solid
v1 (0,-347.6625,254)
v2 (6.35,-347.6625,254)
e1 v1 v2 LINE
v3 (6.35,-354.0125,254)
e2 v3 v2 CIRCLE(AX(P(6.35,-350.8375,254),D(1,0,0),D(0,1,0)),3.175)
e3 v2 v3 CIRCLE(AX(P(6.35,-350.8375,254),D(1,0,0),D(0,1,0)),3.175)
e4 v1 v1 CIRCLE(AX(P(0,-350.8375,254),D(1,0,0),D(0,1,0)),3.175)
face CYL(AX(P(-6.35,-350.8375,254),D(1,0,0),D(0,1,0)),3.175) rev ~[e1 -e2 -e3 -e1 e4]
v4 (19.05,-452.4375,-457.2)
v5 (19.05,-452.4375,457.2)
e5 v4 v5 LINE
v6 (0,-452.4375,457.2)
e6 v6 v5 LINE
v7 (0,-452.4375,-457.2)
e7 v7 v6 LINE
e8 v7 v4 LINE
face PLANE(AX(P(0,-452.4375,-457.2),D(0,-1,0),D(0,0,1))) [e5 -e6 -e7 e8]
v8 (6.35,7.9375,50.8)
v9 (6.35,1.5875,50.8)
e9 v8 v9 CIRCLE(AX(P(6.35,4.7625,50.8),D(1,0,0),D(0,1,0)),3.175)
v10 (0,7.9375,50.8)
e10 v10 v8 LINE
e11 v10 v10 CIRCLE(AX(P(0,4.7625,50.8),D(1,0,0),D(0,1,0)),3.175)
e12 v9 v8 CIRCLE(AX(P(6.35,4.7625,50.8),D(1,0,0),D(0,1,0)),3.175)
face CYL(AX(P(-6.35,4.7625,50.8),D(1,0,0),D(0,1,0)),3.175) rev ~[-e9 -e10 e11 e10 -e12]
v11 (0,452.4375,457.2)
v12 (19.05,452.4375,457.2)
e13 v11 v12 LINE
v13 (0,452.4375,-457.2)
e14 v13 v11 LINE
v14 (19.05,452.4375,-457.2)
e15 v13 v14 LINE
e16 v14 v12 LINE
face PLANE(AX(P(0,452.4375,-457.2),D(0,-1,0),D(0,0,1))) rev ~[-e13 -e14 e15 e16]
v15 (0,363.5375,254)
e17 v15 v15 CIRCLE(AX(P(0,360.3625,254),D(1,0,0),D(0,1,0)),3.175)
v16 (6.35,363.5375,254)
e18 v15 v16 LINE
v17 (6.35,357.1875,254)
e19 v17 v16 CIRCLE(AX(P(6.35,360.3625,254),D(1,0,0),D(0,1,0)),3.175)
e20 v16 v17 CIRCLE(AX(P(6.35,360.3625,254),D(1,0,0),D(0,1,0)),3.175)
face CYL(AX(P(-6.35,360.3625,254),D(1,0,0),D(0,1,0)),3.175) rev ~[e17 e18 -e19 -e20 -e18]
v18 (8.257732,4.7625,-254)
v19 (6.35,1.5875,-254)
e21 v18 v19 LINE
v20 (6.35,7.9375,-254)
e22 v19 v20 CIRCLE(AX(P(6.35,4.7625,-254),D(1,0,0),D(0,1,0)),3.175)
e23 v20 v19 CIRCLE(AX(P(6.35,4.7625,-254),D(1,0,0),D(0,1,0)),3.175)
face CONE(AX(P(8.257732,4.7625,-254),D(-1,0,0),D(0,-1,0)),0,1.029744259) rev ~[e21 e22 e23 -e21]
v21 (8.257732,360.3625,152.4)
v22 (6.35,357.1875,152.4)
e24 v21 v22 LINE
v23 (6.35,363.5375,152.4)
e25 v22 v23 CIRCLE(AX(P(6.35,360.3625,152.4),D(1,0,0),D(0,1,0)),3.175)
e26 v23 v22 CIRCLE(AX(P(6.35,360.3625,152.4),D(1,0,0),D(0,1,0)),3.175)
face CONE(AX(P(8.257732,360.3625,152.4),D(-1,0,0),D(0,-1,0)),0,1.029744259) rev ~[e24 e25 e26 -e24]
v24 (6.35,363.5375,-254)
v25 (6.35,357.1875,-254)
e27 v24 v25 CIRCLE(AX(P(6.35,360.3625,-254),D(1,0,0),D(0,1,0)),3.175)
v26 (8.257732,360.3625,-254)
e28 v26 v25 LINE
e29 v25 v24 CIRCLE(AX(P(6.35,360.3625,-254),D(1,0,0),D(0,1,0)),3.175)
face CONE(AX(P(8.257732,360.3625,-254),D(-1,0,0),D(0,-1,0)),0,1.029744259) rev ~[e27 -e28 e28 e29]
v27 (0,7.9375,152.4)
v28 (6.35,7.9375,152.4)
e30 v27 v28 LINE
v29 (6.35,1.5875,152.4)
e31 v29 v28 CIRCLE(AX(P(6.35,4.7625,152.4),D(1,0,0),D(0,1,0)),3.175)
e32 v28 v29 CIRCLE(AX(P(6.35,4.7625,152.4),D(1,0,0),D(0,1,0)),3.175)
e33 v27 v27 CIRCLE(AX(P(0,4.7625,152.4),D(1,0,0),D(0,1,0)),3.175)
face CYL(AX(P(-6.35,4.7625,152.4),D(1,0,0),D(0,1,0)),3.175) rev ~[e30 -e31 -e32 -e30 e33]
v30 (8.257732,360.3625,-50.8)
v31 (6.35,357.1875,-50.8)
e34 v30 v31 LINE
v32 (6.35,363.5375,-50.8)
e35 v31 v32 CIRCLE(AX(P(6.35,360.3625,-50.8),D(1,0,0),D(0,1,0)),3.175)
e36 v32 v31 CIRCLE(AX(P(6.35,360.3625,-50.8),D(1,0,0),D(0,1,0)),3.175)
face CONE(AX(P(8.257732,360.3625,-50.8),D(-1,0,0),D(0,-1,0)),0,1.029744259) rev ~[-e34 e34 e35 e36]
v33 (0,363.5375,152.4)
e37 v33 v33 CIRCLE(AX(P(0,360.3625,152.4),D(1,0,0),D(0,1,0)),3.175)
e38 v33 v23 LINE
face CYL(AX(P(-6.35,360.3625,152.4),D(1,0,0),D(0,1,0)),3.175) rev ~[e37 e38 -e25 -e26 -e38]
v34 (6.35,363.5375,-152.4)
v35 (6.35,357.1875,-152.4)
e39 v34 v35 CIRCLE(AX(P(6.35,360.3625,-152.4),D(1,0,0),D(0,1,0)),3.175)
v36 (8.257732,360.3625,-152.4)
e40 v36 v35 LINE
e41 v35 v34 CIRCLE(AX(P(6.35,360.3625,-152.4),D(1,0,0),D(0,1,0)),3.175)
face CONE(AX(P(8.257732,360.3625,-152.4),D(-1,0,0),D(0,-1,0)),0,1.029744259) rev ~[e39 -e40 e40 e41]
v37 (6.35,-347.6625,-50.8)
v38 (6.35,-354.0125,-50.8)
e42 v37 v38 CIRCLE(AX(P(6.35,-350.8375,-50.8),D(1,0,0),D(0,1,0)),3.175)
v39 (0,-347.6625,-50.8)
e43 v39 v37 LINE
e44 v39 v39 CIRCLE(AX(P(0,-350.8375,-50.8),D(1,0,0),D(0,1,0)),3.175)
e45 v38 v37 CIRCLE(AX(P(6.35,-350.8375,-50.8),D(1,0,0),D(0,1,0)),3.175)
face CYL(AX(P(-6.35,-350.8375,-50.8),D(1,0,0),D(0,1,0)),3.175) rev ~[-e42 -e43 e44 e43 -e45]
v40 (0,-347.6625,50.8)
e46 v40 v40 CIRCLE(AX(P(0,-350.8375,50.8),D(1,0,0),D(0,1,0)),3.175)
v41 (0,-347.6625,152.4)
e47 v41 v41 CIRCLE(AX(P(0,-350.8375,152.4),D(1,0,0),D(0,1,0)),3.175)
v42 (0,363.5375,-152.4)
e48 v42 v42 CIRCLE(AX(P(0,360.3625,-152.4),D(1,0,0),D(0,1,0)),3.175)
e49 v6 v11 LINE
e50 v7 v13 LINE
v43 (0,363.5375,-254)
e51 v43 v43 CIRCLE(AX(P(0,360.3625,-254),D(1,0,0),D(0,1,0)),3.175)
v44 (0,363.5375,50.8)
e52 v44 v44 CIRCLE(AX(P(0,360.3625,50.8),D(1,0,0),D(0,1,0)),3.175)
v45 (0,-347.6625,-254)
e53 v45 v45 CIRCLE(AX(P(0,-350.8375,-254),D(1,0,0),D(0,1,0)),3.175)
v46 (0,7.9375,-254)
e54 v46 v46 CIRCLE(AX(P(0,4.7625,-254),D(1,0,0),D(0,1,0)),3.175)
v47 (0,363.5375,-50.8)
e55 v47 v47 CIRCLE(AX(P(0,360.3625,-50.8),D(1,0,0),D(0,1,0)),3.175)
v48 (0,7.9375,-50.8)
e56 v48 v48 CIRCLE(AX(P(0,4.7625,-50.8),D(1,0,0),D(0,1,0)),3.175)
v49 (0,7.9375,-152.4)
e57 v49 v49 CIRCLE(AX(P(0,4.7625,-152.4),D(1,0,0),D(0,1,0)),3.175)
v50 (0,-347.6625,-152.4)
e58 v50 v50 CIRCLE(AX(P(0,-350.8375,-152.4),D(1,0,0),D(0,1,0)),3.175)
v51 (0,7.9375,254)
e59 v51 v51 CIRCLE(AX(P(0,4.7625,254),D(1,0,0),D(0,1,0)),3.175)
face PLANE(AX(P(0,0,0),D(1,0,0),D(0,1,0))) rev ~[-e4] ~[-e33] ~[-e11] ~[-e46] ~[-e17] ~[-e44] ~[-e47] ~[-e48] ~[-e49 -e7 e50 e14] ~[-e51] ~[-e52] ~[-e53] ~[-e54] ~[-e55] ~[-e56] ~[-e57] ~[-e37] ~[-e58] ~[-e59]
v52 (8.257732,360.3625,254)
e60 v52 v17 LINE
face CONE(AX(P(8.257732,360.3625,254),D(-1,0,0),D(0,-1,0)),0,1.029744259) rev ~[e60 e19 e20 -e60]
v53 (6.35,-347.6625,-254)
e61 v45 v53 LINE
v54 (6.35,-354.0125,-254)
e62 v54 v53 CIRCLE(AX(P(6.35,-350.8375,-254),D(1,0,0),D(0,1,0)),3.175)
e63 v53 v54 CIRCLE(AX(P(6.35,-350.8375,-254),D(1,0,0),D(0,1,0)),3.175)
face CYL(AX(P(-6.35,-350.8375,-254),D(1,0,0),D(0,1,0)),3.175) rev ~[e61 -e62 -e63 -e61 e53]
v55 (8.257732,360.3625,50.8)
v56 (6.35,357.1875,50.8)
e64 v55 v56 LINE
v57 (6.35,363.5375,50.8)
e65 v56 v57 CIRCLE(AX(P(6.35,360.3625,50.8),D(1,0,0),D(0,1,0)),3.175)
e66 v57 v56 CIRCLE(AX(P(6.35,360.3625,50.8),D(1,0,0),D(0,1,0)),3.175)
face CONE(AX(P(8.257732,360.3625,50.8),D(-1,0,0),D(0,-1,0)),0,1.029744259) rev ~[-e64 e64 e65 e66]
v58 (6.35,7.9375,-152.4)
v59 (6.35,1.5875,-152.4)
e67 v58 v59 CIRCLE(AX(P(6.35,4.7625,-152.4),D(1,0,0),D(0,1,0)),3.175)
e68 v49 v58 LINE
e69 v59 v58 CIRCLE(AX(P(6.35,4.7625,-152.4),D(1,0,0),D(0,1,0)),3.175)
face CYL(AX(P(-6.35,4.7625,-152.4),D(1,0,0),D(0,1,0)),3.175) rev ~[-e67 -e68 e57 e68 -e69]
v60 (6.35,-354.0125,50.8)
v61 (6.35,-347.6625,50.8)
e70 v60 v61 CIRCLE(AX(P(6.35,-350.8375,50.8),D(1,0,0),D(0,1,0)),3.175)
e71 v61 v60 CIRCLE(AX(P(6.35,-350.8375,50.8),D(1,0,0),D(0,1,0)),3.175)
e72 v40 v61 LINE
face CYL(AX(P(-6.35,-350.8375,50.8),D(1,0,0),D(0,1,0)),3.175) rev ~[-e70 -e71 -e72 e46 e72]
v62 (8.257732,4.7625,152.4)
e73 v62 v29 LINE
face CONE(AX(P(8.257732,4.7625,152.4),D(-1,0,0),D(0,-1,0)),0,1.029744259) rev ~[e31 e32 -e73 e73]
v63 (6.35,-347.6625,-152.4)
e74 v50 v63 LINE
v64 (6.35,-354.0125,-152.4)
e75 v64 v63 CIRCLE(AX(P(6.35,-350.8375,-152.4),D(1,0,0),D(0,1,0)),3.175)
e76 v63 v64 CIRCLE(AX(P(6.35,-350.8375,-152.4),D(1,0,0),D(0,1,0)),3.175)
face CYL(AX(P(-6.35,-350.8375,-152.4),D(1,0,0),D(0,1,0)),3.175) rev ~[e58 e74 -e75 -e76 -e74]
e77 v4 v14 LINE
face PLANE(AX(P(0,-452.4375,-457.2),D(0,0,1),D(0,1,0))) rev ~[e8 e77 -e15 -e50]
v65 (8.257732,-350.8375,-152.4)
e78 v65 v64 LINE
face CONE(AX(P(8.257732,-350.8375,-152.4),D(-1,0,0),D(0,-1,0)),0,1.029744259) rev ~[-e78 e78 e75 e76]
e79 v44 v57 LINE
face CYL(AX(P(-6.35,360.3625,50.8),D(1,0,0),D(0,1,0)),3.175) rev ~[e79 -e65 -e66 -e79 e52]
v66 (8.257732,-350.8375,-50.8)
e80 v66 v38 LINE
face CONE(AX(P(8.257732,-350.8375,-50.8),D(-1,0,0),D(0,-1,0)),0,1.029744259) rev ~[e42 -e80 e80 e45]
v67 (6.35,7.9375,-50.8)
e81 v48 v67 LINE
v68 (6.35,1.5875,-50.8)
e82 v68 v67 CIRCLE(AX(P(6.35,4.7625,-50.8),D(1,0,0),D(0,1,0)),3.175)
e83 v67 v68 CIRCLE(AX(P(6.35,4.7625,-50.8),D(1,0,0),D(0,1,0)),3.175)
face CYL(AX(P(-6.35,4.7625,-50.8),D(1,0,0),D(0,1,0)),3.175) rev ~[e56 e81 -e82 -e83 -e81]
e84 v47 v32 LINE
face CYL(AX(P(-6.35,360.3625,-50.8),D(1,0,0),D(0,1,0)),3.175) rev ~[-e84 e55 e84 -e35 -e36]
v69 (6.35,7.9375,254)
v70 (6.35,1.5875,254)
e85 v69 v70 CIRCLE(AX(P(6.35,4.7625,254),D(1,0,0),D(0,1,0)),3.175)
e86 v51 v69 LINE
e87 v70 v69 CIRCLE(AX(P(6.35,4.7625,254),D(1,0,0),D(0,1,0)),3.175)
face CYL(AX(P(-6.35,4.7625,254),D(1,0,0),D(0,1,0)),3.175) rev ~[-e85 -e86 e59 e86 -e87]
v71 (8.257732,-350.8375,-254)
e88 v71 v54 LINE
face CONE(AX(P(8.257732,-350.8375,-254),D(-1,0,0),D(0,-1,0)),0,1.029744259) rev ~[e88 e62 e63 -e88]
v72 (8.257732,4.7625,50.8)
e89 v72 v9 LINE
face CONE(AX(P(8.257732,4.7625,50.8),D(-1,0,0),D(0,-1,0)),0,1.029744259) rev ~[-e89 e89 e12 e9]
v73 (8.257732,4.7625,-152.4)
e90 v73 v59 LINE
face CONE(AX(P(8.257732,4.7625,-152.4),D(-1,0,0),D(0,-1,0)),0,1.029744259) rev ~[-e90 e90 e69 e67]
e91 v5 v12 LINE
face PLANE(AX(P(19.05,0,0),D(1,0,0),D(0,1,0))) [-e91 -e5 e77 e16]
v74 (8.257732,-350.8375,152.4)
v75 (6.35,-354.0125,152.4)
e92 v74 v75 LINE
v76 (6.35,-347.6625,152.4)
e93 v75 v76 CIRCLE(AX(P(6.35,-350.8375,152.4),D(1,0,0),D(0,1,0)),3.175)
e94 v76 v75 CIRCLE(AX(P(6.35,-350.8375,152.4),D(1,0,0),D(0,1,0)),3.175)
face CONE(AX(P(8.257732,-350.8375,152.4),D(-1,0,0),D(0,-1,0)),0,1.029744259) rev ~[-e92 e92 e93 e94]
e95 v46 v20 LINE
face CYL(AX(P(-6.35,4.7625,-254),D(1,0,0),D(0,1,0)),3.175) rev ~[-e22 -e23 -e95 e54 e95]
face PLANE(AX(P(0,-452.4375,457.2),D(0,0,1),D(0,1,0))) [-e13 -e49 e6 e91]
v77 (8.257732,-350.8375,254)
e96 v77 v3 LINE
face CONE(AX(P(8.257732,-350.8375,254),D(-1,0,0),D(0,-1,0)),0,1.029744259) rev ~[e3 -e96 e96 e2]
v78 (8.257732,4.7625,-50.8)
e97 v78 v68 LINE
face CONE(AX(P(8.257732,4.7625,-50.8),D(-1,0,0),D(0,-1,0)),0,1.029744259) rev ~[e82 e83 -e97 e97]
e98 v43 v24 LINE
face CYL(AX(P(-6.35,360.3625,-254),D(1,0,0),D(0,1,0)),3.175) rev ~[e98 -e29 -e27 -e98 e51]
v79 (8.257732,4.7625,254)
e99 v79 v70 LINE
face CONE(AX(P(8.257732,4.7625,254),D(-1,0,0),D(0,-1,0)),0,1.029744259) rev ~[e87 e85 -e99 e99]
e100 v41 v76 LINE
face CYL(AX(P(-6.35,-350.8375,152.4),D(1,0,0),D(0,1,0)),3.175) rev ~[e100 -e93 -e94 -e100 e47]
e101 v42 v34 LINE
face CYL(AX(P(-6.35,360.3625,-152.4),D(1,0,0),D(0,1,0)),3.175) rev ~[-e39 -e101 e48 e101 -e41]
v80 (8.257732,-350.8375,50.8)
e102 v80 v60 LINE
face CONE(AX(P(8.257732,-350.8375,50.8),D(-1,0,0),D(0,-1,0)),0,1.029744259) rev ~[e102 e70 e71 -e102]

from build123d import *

# Parameters (mm, degrees)
F0_W     = 904.875
F0_H     = 914.4
F1_DEPTH = 19.05
F3_D     = 6.35
F3_DEPTH = 6.35
F3_TIP   = 1.9077324654


with BuildPart() as f1:
    # F0 (on Right) → F1 (new body)
    with BuildSketch(Plane.YZ):
        Rectangle(F0_W, F0_H)
    extrude(amount=F1_DEPTH)

    # F3
    with Locations(Plane(origin=(0, 0, 0), x_dir=(0, -1, 0), z_dir=(-1, 0, 0))):
        with Locations((-360.3625, 152.4), (350.8375, 152.4), (-4.7625, 152.4), (-360.3625, -254), (-360.3625, -50.8), (-4.7625, 50.8), (350.8375, 254), (350.8375, -152.4), (350.8375, 50.8), (-4.7625, 254), (-4.7625, -50.8), (-360.3625, 50.8), (-360.3625, 254), (350.8375, -254), (-4.7625, -254), (-4.7625, -152.4), (350.8375, -50.8), (-360.3625, -152.4)):
            Hole(F3_D / 2, depth=F3_DEPTH)
            with Locations((0, 0, -(F3_DEPTH + F3_TIP / 2))):  # 118° drill point
                Cone(0, F3_D / 2, F3_TIP, mode=Mode.SUBTRACT)


solid = f1.part
